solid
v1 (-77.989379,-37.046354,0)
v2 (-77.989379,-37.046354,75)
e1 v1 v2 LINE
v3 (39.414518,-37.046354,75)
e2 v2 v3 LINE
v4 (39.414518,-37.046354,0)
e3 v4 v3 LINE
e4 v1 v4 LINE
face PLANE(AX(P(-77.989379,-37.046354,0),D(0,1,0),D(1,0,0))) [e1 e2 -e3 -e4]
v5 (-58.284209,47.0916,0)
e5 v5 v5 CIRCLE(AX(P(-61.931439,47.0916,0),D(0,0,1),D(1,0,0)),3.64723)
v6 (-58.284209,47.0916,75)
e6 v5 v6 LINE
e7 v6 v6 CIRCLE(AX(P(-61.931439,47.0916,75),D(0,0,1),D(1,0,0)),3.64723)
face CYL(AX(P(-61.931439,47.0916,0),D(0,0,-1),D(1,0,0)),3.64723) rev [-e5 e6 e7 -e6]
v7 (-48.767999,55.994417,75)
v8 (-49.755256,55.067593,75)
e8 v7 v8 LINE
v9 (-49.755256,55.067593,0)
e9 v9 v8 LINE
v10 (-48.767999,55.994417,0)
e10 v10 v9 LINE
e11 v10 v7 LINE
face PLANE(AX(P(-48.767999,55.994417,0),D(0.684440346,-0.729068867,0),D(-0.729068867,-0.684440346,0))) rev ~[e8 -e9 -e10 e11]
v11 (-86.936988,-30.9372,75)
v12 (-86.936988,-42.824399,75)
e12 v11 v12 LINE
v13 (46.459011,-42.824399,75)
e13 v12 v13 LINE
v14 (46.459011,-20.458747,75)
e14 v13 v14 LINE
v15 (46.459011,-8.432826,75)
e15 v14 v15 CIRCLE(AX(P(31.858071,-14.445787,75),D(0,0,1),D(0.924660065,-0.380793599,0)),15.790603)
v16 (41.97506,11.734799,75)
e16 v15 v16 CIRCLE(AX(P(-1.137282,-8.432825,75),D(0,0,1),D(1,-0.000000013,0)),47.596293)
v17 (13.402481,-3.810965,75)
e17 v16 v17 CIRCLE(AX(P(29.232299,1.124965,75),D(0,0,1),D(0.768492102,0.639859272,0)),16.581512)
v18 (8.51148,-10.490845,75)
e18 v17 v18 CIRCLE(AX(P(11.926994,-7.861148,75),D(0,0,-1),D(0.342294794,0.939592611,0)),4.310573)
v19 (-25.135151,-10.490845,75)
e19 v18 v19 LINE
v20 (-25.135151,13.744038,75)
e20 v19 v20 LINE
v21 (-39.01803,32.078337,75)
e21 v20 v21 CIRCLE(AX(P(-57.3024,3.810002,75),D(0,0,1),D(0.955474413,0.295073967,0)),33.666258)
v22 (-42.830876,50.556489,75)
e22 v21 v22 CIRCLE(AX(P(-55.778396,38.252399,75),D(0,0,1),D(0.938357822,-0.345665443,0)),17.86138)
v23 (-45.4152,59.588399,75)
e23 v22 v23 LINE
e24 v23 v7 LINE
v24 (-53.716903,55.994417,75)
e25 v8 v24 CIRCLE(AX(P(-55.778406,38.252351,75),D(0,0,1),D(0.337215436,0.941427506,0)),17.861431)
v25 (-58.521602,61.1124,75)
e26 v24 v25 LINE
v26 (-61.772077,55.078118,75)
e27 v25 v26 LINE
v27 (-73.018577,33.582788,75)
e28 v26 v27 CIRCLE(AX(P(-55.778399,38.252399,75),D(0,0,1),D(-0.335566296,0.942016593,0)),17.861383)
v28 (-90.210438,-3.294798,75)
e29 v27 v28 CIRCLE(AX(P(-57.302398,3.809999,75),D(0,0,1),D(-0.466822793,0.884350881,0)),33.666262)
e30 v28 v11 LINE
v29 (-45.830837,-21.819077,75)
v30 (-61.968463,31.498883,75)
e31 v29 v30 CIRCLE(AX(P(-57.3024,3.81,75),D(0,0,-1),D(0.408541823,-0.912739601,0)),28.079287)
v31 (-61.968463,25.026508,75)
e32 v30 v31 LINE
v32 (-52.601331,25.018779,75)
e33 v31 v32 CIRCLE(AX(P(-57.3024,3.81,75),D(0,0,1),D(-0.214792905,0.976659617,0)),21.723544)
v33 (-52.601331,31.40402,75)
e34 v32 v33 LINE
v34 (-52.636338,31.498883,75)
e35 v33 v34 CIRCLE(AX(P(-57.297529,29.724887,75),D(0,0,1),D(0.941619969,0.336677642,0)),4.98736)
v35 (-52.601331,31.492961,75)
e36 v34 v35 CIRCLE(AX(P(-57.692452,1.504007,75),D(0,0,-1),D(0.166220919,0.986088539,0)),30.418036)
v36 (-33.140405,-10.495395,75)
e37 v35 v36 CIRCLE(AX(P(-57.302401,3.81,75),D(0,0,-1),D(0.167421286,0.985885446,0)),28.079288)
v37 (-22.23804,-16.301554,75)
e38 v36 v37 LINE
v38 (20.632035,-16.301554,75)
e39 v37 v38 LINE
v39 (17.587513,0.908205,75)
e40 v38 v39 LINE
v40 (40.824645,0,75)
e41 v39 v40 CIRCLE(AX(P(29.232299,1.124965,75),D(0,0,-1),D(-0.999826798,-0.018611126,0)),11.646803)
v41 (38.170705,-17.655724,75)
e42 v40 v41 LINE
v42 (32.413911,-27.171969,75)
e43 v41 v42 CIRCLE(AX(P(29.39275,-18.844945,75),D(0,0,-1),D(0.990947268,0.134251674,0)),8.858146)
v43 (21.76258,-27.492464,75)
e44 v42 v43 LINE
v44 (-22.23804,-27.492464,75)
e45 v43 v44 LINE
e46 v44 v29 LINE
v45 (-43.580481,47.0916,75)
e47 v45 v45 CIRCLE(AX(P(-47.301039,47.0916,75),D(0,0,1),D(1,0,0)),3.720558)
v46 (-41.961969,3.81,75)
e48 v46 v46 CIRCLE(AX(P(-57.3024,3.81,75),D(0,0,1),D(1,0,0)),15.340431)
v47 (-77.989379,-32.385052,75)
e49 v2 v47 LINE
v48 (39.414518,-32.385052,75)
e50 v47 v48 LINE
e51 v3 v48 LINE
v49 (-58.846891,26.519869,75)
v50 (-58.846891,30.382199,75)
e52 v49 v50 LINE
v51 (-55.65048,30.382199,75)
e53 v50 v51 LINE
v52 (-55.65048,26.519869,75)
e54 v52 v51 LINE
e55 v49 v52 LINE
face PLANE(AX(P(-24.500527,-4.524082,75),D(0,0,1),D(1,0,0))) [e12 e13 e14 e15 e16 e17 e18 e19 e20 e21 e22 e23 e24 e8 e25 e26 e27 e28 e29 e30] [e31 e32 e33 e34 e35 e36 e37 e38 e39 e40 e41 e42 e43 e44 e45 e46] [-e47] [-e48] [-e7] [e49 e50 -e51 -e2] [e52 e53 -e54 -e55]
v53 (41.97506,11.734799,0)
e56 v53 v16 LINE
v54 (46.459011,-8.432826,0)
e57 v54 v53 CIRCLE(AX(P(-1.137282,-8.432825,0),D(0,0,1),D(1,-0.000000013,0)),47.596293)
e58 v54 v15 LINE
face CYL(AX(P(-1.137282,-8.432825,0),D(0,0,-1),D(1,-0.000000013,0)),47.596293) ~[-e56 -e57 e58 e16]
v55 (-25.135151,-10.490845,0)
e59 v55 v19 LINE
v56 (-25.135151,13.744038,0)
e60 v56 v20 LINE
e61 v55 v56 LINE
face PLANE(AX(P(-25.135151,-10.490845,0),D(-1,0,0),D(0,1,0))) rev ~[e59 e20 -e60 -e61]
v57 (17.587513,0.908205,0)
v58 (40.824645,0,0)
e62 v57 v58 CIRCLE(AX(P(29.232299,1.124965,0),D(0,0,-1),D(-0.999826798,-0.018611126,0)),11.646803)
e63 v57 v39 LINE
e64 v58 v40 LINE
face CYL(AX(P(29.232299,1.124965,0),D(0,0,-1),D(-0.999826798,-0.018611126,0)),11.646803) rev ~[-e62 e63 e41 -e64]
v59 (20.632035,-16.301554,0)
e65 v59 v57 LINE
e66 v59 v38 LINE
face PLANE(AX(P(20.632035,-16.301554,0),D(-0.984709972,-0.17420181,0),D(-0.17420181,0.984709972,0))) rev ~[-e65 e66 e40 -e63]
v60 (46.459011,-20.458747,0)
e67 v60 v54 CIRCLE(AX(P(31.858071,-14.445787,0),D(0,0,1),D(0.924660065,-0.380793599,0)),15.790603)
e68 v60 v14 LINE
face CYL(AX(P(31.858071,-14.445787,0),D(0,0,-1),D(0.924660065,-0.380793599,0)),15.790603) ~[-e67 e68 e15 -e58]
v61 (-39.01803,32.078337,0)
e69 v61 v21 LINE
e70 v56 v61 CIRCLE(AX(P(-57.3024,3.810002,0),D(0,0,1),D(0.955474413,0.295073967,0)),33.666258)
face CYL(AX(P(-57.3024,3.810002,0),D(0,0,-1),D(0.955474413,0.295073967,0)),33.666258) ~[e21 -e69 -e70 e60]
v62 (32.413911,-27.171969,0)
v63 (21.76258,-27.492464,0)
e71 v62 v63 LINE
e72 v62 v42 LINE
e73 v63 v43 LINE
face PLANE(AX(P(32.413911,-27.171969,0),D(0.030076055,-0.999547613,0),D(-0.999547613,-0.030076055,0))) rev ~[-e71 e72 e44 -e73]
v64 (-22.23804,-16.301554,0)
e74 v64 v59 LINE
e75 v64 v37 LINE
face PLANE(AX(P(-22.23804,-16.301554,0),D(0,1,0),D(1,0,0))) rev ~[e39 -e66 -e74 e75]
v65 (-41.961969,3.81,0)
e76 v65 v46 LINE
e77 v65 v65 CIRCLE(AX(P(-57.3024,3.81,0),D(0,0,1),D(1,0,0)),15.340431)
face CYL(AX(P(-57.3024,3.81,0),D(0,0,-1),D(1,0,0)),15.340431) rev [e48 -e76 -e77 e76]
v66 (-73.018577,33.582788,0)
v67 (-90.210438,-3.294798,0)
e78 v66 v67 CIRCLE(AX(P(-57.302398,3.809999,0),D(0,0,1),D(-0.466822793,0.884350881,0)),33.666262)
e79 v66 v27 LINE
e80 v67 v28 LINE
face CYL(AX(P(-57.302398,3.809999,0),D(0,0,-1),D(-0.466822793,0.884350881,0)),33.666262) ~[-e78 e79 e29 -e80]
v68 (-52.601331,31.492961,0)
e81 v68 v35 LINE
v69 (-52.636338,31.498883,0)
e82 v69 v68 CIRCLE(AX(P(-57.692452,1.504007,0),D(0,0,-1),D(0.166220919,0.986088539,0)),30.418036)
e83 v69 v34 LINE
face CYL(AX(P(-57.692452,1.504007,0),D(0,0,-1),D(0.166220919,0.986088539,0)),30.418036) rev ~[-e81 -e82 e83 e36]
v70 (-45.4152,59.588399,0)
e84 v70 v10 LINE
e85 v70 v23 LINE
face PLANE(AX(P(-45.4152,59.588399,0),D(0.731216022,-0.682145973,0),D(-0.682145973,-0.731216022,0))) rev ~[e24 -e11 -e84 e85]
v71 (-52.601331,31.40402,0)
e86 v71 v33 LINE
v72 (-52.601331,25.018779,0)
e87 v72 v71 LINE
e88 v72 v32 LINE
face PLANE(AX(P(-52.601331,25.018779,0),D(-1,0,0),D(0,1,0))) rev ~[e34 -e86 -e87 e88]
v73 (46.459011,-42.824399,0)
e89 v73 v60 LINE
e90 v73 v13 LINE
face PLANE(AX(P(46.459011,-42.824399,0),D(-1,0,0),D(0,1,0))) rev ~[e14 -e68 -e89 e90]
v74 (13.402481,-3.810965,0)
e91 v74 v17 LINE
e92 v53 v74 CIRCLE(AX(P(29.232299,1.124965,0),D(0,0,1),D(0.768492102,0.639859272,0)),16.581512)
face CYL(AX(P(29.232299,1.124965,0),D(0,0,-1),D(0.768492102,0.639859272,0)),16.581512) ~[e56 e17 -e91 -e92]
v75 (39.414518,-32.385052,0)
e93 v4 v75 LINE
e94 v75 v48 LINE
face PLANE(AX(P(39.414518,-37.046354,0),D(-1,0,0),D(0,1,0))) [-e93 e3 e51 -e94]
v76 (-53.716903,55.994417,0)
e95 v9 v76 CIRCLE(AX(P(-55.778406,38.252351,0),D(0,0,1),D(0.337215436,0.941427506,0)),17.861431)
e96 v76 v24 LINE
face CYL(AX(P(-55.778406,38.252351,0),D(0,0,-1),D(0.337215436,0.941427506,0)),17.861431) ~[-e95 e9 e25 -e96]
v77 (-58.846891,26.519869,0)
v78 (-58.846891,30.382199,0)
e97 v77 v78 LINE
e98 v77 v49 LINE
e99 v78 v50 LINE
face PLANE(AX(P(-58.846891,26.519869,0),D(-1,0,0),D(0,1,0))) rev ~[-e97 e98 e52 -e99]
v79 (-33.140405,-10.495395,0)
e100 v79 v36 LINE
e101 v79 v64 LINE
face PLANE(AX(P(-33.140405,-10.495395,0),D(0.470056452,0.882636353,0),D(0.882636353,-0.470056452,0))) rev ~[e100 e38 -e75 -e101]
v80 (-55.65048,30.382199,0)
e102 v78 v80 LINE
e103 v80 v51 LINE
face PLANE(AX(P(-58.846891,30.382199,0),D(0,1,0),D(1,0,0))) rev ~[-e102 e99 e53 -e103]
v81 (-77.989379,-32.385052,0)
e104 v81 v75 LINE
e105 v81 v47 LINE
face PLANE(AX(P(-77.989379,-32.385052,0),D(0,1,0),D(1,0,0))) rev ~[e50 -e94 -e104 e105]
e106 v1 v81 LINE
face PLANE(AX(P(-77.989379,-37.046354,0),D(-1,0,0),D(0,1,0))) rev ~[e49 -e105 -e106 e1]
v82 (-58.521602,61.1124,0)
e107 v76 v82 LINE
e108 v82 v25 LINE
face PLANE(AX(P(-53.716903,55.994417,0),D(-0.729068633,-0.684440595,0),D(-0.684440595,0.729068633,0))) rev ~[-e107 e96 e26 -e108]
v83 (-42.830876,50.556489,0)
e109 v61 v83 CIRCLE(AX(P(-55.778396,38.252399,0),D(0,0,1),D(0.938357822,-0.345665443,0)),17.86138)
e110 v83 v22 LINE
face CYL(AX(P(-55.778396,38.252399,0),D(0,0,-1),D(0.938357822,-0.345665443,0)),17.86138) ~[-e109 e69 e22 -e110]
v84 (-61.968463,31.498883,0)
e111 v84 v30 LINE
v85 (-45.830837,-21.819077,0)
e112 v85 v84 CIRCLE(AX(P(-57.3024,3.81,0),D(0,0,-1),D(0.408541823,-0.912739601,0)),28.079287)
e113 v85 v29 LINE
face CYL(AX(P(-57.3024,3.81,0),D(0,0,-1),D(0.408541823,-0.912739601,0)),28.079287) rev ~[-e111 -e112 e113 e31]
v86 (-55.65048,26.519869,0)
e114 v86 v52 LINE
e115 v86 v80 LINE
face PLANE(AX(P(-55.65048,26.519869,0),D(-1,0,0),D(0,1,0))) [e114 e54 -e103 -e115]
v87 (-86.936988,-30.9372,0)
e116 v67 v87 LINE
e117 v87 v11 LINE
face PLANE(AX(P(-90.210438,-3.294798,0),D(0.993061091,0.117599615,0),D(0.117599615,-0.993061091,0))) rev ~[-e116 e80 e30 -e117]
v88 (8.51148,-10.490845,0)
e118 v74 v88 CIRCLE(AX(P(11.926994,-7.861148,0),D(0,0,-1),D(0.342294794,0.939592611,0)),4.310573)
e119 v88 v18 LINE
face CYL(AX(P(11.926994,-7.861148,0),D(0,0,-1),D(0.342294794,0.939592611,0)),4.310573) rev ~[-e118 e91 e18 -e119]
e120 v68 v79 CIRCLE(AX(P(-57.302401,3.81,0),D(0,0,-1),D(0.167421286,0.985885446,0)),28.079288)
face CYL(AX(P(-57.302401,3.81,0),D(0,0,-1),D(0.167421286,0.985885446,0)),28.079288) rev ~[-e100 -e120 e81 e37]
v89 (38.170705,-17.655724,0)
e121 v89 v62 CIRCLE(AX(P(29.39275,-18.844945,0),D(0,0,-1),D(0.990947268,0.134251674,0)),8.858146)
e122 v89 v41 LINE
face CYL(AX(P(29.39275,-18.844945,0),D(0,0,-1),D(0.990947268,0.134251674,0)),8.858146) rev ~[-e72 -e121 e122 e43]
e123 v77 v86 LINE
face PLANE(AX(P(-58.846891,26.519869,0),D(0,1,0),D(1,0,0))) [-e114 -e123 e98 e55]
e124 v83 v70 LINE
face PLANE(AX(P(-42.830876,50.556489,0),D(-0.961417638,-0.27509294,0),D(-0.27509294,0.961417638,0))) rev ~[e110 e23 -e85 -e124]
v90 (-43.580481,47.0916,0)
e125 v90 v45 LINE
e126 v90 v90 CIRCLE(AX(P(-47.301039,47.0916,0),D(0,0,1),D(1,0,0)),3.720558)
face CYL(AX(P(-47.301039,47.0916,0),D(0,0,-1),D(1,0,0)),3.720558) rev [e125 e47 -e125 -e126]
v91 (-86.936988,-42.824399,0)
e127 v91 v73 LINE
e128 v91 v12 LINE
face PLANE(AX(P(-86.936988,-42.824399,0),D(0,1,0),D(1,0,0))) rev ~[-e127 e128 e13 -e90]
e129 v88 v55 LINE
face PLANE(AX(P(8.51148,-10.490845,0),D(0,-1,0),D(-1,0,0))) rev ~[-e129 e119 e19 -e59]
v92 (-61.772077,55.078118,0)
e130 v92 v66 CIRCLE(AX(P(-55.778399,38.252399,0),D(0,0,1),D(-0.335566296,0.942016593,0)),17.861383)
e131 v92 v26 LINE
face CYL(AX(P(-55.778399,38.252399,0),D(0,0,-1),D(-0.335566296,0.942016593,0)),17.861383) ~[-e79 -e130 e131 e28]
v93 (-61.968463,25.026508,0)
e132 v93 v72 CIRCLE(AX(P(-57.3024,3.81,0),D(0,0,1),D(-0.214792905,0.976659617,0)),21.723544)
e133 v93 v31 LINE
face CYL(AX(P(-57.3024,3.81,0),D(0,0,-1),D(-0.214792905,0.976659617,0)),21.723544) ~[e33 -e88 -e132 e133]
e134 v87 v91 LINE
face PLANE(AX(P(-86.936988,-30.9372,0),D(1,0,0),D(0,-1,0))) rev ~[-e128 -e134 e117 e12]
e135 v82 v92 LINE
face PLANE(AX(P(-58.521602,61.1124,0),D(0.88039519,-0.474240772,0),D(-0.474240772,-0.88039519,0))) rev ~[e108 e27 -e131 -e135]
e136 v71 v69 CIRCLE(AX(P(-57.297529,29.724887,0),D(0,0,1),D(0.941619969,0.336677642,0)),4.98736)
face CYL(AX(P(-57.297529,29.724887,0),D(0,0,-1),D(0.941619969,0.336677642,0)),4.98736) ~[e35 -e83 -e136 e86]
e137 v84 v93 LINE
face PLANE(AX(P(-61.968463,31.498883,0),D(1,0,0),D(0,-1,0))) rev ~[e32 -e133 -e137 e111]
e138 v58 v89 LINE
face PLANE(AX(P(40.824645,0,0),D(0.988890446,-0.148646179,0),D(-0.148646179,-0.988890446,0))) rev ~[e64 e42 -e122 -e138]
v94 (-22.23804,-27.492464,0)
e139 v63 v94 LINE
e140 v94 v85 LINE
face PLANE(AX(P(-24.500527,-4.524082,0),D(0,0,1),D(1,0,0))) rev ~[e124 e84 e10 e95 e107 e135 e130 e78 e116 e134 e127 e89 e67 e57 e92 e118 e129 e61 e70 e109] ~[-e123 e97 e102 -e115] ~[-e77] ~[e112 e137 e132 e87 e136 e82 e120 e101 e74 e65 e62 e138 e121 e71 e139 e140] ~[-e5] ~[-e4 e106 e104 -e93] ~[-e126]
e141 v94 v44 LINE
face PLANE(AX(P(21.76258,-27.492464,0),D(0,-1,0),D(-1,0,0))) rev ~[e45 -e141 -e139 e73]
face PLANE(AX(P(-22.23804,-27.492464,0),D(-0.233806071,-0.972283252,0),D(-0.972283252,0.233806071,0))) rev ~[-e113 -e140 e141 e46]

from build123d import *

# Parameters (mm, degrees)
F0_R     = 15.340431
F0_W     = 117.403897
F0_H     = 4.661302
F0_W_2   = 3.196411
F0_H_2   = 3.862329
F0_R_2   = 3.64723
F0_R_3   = 3.720558
F1_DEPTH = 75


with BuildPart() as f1:
    # F0 (on Top) → F1 (new body)
    with BuildSketch(Plane.XY):
        with BuildLine():
            Line((-58.521602, 61.1124), (-61.772077, 55.078118))
            ThreePointArc((-61.772077, 55.078118), (-71.604495, 46.532718), (-73.018577, 33.582788))
            ThreePointArc((-73.018577, 33.582788), (-87.815801, 18.034959), (-90.210438, -3.294798))
            Line((-90.210438, -3.294798), (-86.936988, -30.9372))
            Line((-86.936988, -30.9372), (-86.936988, -42.824399))
            Line((-86.936988, -42.824399), (46.459011, -42.824399))
            Line((46.459011, -42.824399), (46.459011, -30.9372))
            Line((46.459011, -30.9372), (46.459011, -20.458747))
            ThreePointArc((46.459011, -20.458747), (47.648674, -14.445786), (46.459011, -8.432826))
            ThreePointArc((46.459011, -8.432826), (45.324502, 1.897215), (41.97506, 11.734799))
            ThreePointArc((41.97506, 11.734799), (21.307643, 15.69021), (13.402481, -3.810965))
            ThreePointArc((13.402481, -3.810965), (15.404942, -10.407699), (8.51148, -10.490845))
            Line((8.51148, -10.490845), (-25.135151, -10.490845))
            Line((-25.135151, -10.490845), (-25.135151, 13.744038))
            ThreePointArc((-25.135151, 13.744038), (-30.46254, 24.13336), (-39.01803, 32.078337))
            ThreePointArc((-39.01803, 32.078337), (-38.285536, 41.861936), (-42.830876, 50.556489))
            Line((-42.830876, 50.556489), (-45.4152, 59.588399))
            Line((-45.4152, 59.588399), (-48.767999, 55.994417))
            Line((-48.767999, 55.994417), (-49.755256, 55.067593))
            ThreePointArc((-49.755256, 55.067593), (-51.709603, 55.644175), (-53.716903, 55.994417))
            Line((-53.716903, 55.994417), (-58.521602, 61.1124))
        make_face()
        with Locations((-57.3024, 3.81)):
            Circle(F0_R, mode=Mode.SUBTRACT)
        with BuildLine():
            ThreePointArc((-45.830837, -21.819077), (-84.177666, -4.324276), (-61.968463, 31.498883))
            Line((-61.968463, 31.498883), (-61.968463, 25.026508))
            ThreePointArc((-61.968463, 25.026508), (-57.320326, -17.913536), (-52.601331, 25.018779))
            Line((-52.601331, 25.018779), (-52.601331, 31.40402))
            ThreePointArc((-52.601331, 31.40402), (-52.618594, 31.45154), (-52.636338, 31.498883))
            ThreePointArc((-52.636338, 31.498883), (-52.618833, 31.495927), (-52.601331, 31.492961))
            ThreePointArc((-52.601331, 31.492961), (-31.826439, 15.617698), (-33.140405, -10.495395))
            Line((-33.140405, -10.495395), (-22.23804, -16.301554))
            Line((-22.23804, -16.301554), (20.632035, -16.301554))
            Line((20.632035, -16.301554), (17.587513, 0.908205))
            ThreePointArc((17.587513, 0.908205), (29.687158, 12.762883), (40.824645, 0))
            Line((40.824645, 0), (38.170705, -17.655724))
            ThreePointArc((38.170705, -17.655724), (36.971966, -23.429945), (32.413911, -27.171969))
            Line((32.413911, -27.171969), (21.76258, -27.492464))
            Line((21.76258, -27.492464), (-22.23804, -27.492464))
            Line((-22.23804, -27.492464), (-45.830837, -21.819077))
        make_face(mode=Mode.SUBTRACT)
        with Locations((-19.28743, -34.715703)):
            Rectangle(F0_W, F0_H, mode=Mode.SUBTRACT)
        with Locations((-57.248685, 28.451034)):
            Rectangle(F0_W_2, F0_H_2, mode=Mode.SUBTRACT)
        with Locations((-61.931439, 47.0916)):
            Circle(F0_R_2, mode=Mode.SUBTRACT)
        with Locations((-47.301039, 47.0916)):
            Circle(F0_R_3, mode=Mode.SUBTRACT)
    extrude(amount=F1_DEPTH)


solid = f1.part
